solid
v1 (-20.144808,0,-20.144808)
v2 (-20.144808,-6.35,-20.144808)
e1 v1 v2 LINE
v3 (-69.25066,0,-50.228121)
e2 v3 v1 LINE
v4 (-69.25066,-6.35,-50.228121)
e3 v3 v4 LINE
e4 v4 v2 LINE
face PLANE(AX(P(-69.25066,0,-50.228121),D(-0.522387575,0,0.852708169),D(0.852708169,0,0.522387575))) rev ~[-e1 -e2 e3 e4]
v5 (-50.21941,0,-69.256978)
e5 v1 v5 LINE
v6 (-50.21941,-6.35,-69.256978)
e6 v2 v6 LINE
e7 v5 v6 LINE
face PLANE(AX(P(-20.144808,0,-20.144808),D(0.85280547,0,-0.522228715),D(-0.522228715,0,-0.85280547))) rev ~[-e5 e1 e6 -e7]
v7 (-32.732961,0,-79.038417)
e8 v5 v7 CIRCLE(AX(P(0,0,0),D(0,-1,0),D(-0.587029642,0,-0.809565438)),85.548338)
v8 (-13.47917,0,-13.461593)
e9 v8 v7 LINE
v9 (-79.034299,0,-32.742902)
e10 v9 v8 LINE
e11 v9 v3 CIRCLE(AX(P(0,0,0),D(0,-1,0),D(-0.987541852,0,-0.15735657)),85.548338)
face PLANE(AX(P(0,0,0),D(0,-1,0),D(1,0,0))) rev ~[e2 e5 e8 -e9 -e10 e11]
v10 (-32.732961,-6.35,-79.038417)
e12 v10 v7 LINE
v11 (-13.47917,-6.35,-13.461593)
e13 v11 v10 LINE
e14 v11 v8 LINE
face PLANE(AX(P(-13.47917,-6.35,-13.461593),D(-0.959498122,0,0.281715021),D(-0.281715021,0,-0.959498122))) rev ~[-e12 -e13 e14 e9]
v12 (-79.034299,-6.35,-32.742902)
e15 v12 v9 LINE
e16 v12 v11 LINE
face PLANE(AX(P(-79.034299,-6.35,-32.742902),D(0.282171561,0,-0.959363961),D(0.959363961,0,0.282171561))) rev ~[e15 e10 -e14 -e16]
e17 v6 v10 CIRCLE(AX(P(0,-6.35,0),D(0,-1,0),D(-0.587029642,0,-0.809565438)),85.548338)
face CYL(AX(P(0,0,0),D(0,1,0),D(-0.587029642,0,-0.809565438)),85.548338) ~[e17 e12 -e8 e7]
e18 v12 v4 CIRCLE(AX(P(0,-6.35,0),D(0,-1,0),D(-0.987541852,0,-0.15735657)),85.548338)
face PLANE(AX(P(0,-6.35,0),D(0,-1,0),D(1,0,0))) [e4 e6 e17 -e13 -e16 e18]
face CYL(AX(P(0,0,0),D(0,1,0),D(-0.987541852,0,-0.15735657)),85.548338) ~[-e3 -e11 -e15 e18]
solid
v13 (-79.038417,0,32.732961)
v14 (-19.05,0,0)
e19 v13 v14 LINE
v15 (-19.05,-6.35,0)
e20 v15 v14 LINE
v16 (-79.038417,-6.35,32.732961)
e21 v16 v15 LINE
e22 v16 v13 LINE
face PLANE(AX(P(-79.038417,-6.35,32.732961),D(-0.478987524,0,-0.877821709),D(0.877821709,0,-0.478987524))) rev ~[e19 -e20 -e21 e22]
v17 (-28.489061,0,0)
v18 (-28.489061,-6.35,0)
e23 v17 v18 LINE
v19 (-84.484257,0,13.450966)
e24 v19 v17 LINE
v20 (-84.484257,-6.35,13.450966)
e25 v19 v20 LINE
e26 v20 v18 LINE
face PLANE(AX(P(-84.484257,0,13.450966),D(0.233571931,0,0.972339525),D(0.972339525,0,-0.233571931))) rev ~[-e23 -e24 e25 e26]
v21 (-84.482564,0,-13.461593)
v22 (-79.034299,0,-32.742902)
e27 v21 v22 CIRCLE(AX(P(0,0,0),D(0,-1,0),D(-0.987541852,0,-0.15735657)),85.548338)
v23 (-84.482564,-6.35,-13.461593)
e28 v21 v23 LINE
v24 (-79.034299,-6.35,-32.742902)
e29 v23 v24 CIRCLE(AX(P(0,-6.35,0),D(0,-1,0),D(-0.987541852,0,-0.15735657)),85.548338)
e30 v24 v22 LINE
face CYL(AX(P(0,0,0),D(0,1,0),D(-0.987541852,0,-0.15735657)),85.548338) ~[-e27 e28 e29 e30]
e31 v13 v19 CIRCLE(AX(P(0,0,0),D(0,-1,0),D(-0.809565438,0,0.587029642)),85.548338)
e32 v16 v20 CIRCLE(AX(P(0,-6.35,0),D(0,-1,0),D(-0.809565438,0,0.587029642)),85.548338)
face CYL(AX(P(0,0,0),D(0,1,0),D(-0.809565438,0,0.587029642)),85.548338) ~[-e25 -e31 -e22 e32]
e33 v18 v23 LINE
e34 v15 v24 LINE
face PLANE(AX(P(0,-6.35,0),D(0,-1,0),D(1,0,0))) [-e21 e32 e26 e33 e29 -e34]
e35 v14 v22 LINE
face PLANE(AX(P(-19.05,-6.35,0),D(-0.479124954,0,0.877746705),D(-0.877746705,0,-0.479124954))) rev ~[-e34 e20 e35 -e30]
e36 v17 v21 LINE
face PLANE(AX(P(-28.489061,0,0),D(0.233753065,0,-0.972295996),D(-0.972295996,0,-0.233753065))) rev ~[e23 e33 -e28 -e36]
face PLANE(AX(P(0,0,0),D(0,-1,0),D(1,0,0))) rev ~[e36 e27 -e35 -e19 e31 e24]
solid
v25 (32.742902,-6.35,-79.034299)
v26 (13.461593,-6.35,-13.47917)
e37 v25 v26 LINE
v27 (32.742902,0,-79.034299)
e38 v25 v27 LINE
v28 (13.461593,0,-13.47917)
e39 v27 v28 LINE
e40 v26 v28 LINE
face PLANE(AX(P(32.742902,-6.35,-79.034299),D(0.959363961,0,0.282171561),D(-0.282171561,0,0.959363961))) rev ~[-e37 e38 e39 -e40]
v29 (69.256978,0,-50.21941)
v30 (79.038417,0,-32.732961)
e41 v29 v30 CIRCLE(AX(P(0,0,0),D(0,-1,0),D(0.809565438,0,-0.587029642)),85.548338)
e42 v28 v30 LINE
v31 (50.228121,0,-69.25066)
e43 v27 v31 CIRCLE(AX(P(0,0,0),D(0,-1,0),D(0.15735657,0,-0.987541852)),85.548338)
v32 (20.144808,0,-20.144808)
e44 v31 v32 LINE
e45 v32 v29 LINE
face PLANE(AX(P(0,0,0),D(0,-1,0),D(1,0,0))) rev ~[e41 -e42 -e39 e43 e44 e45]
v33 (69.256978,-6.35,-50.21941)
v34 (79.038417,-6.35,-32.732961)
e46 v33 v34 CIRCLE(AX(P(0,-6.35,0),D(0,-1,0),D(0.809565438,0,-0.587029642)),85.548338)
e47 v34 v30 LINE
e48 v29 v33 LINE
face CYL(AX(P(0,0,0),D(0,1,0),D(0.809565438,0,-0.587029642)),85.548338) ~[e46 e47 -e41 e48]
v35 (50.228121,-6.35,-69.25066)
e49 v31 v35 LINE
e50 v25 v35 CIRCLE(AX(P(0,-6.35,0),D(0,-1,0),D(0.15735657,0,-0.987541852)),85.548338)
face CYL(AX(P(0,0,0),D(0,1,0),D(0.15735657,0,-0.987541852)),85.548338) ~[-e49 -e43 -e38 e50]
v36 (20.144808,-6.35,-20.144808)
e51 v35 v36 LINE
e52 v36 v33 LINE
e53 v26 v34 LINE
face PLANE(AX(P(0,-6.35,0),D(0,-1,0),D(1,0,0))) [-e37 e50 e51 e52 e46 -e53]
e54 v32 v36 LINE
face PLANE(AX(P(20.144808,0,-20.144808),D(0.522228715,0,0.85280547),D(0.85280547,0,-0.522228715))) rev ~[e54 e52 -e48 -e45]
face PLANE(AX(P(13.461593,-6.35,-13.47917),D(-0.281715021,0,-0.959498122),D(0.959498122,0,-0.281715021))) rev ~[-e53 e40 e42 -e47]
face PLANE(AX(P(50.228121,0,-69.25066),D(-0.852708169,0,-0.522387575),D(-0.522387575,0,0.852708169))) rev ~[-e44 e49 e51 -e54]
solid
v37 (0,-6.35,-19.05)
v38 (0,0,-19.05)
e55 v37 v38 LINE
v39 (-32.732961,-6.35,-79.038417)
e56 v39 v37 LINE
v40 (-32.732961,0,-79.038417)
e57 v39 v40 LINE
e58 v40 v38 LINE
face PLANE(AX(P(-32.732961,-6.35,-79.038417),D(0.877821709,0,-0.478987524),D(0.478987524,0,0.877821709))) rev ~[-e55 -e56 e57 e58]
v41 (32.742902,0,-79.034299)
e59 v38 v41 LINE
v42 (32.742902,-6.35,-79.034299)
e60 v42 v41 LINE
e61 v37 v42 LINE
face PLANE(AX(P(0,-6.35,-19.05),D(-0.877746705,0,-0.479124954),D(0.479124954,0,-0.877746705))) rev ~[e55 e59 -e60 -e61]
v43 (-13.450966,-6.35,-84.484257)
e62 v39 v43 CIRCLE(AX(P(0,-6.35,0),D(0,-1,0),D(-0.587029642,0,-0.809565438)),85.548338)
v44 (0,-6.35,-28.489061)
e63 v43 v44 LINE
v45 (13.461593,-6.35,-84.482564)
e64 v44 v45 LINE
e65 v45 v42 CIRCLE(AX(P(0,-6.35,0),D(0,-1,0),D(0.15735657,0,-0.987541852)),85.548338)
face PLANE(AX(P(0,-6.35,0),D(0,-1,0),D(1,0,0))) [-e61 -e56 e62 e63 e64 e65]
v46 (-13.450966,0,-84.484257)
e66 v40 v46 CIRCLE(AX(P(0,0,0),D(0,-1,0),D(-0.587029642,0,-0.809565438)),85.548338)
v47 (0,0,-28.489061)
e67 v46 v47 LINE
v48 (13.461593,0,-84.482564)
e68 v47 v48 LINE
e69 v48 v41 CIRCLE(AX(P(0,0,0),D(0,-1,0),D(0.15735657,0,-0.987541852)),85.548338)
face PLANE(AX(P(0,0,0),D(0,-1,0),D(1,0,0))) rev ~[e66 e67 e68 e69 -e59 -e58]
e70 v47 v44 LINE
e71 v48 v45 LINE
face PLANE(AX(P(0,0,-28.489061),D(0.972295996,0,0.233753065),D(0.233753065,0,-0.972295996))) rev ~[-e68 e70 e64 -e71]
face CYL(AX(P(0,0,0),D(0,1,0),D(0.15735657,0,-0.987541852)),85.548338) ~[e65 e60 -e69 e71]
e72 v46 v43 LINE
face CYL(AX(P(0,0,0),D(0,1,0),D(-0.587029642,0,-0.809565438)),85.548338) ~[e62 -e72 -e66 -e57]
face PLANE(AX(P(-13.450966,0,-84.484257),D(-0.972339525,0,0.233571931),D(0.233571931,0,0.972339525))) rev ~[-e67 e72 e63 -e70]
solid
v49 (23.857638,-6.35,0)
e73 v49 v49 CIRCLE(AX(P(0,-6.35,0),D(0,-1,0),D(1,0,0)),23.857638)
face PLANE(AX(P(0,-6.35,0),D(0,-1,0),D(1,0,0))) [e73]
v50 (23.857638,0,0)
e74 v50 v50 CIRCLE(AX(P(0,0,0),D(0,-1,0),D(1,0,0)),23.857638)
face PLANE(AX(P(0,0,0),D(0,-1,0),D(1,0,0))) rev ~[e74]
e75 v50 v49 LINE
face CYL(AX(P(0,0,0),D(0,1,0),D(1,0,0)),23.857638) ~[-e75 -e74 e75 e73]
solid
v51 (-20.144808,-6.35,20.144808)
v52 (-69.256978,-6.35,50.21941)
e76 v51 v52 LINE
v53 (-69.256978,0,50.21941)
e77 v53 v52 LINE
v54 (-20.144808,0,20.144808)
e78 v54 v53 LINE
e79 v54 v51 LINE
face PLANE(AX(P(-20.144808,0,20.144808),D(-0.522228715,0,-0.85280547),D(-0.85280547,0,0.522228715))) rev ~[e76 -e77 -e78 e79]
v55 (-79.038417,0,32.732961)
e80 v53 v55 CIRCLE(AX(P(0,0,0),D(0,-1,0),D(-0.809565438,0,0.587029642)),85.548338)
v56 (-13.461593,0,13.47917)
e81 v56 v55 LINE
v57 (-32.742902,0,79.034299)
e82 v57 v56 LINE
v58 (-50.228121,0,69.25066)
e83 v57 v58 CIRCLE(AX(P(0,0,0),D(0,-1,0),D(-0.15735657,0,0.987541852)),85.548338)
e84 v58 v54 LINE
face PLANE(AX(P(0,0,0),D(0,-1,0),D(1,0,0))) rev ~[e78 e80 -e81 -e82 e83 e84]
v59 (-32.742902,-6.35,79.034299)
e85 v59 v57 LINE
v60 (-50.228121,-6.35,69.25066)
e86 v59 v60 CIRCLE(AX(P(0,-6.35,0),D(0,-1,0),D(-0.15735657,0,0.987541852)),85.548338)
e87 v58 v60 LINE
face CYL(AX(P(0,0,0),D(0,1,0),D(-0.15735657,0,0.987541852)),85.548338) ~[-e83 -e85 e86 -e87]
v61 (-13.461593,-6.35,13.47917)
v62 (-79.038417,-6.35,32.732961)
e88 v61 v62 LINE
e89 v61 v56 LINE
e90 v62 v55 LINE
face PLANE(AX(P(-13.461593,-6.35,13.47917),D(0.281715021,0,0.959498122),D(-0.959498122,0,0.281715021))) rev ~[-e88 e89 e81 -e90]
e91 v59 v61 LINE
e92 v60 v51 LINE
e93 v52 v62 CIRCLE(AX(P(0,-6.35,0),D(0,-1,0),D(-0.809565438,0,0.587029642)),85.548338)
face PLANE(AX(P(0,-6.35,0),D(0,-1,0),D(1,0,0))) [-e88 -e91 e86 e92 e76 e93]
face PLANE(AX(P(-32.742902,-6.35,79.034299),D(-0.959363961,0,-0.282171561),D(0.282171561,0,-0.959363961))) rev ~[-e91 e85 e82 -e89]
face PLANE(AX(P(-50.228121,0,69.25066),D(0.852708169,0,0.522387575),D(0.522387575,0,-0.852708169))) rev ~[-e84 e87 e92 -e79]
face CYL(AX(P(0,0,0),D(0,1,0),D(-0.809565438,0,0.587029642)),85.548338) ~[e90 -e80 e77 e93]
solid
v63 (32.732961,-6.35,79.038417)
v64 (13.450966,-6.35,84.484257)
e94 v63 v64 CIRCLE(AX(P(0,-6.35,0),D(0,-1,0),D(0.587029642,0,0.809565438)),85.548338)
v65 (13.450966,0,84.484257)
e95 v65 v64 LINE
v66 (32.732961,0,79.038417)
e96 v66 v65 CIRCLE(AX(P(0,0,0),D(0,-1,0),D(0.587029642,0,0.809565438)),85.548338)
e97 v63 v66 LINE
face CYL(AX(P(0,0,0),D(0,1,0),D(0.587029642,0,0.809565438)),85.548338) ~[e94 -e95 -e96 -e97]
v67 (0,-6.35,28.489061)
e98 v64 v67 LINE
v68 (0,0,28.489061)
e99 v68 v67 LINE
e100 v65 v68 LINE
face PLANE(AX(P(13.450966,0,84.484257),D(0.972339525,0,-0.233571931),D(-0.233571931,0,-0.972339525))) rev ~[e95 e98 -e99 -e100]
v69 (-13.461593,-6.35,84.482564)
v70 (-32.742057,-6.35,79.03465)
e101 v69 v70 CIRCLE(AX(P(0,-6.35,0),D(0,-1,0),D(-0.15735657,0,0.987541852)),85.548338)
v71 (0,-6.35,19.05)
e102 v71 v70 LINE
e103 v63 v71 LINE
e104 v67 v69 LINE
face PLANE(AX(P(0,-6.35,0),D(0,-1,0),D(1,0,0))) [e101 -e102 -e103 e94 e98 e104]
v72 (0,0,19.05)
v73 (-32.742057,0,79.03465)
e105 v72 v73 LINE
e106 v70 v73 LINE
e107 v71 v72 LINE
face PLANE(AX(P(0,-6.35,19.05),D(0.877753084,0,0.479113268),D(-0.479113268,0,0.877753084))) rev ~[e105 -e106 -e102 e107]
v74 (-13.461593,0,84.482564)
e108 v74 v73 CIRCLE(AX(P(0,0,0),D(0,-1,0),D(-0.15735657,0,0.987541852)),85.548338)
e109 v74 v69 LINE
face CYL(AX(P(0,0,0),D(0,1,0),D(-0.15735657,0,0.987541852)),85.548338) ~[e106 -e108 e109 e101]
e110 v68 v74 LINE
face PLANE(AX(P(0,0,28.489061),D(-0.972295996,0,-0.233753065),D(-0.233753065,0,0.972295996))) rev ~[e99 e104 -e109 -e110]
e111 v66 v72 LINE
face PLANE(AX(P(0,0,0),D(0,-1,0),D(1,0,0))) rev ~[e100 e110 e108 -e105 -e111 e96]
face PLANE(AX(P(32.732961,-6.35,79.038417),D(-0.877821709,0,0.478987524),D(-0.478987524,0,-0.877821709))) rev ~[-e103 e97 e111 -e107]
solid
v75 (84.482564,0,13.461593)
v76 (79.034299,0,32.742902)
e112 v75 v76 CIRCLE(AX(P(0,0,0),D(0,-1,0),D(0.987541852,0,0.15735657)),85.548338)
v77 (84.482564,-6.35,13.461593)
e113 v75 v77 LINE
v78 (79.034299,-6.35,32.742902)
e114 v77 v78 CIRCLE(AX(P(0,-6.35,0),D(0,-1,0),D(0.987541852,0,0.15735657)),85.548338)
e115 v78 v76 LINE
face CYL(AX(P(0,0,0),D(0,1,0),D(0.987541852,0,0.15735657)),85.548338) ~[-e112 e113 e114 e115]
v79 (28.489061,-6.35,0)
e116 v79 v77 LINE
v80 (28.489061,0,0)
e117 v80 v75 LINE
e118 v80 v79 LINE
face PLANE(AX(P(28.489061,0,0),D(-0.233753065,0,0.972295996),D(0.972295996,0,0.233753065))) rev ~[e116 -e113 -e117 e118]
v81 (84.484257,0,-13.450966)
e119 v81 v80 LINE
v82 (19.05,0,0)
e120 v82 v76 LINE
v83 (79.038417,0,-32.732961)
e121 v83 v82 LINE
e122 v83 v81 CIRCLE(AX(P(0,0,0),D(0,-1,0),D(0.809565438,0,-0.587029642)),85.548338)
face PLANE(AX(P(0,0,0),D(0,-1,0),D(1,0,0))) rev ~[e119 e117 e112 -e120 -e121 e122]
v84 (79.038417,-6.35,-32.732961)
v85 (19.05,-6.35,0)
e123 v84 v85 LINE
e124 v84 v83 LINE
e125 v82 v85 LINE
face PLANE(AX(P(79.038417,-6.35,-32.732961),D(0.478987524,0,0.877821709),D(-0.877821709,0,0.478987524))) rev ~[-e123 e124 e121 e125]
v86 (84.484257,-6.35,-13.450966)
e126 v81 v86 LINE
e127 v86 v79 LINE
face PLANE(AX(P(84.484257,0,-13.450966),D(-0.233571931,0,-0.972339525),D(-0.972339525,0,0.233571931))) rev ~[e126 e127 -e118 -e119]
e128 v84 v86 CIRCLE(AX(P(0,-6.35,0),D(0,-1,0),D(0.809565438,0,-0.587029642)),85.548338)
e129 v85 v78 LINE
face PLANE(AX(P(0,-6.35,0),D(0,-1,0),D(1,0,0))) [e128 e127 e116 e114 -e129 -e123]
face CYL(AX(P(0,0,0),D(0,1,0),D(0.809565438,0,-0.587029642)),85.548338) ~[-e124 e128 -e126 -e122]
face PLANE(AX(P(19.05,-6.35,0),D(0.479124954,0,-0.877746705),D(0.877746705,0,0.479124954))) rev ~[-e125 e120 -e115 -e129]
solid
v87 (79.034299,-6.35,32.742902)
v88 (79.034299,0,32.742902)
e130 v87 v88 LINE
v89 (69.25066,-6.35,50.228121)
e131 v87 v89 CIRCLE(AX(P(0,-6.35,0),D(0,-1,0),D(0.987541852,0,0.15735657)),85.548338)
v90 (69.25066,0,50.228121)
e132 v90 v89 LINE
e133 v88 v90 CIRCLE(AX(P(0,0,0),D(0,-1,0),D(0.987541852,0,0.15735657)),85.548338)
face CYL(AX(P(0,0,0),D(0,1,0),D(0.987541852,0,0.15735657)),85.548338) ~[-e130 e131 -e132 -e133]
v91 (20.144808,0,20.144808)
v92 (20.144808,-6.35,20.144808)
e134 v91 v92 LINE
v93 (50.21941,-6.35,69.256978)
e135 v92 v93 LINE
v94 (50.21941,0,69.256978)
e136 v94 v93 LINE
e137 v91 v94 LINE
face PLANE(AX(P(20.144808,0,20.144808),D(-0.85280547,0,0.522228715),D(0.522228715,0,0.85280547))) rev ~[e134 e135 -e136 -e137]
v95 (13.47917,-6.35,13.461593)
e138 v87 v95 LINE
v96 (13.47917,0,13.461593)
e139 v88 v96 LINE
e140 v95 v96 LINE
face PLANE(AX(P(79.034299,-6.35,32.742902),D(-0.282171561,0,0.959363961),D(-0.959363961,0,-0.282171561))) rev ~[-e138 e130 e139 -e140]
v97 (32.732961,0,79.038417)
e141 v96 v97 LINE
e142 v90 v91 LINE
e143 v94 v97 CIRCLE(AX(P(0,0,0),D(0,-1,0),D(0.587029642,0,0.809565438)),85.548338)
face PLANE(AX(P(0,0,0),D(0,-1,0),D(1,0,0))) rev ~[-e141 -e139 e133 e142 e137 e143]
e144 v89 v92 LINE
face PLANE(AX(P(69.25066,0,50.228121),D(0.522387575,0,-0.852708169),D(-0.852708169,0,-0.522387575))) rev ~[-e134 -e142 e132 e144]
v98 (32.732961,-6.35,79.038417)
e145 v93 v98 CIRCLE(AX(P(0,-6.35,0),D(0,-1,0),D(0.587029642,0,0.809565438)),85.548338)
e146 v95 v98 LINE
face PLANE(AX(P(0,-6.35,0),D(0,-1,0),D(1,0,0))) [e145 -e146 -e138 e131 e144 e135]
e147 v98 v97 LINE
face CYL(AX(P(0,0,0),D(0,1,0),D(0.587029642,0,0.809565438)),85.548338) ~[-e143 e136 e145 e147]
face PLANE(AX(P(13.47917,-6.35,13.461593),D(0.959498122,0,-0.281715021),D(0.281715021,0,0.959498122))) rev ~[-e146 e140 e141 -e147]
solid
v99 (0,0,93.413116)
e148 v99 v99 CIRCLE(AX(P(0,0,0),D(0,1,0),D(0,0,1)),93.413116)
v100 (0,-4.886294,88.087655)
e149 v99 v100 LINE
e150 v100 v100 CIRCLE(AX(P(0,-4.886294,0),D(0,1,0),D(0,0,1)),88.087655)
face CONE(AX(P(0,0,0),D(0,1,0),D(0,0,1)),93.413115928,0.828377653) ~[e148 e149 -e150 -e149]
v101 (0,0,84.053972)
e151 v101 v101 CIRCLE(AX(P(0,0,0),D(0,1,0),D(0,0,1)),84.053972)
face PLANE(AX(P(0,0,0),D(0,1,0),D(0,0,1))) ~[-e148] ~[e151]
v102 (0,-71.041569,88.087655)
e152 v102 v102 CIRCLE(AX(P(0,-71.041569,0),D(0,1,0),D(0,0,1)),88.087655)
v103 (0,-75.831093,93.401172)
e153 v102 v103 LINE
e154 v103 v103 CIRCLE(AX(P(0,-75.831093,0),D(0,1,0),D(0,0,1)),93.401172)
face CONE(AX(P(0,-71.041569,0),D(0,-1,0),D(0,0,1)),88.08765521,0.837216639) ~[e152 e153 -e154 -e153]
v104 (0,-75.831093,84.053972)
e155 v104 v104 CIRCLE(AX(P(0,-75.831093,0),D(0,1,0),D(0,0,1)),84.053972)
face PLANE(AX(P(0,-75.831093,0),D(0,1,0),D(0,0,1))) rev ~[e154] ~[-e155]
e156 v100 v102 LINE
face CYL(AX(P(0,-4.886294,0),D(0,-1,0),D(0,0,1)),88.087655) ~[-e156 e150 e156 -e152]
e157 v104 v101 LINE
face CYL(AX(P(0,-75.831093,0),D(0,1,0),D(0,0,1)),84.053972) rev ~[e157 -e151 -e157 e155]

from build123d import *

# Parameters (mm, degrees)
F0_R     = 19.05
F1_DEPTH = 6.35
F3_DEPTH = 25.4
F4_R     = 23.857637564
F5_DEPTH = 6.35


with BuildPart() as f1:
    # F0 (on Front) → F1 (new body)
    with BuildSketch(Plane.XZ):
        with BuildLine():
            Line((13.4509662166, 84.484256804), (0, 28.4890606999))
            Line((0, 28.4890606999), (-13.4615930724, 84.4825641883))
            ThreePointArc((-13.4615930724, 84.4825641883), (-32.7429024117, 79.0342993993), (-50.2281214643, 69.2506603149))
            Line((-50.2281214643, 69.2506603149), (-20.1448080106, 20.1448080106))
            Line((-20.1448080106, 20.1448080106), (-69.2569777767, 50.2194102825))
            ThreePointArc((-69.2569777767, 50.2194102825), (-79.0384173826, 32.7329607205), (-84.484256804, 13.4509662166))
            Line((-84.484256804, 13.4509662166), (-28.4890606999, 0))
            Line((-28.4890606999, 0), (-84.4825641883, -13.4615930724))
            ThreePointArc((-84.4825641883, -13.4615930724), (-79.0342993993, -32.7429024117), (-69.2506603149, -50.2281214643))
            Line((-69.2506603149, -50.2281214643), (-20.1448080106, -20.1448080106))
            Line((-20.1448080106, -20.1448080106), (-50.2194102825, -69.2569777767))
            ThreePointArc((-50.2194102825, -69.2569777767), (-32.7329607205, -79.0384173826), (-13.4509662166, -84.484256804))
            Line((-13.4509662166, -84.484256804), (0, -28.4890606999))
            Line((0, -28.4890606999), (13.4615930724, -84.4825641883))
            ThreePointArc((13.4615930724, -84.4825641883), (32.7429024117, -79.0342993993), (50.2281214643, -69.2506603149))
            Line((50.2281214643, -69.2506603149), (20.1448080106, -20.1448080106))
            Line((20.1448080106, -20.1448080106), (69.2569777767, -50.2194102825))
            ThreePointArc((69.2569777767, -50.2194102825), (79.0384173826, -32.7329607205), (84.484256804, -13.4509662166))
            Line((84.484256804, -13.4509662166), (28.4890606999, 0))
            Line((28.4890606999, 0), (84.4825641883, 13.4615930724))
            ThreePointArc((84.4825641883, 13.4615930724), (79.0342993993, 32.7429024117), (69.2506603149, 50.2281214643))
            Line((69.2506603149, 50.2281214643), (20.1448080106, 20.1448080106))
            Line((20.1448080106, 20.1448080106), (50.2194102825, 69.2569777767))
            ThreePointArc((50.2194102825, 69.2569777767), (32.7329607205, 79.0384173826), (13.4509662166, 84.484256804))
        make_face()
        Circle(F0_R, mode=Mode.SUBTRACT)
    extrude(amount=F1_DEPTH)

    # F2 (on face) → F3 (cut)
    with BuildSketch(Plane.XZ.offset(6.35)):
        with BuildLine():
            Line((79.0342993993, 32.7429024117), (13.4791695573, 13.4615930724))
            ThreePointArc((13.4791695573, 13.4615930724), (17.6022822393, 7.2843778023), (19.05, 0))
            Line((19.05, 0), (79.0342993993, 32.7429024117))
        make_face()
        with BuildLine():
            Line((32.7329607205, 79.0384173826), (0, 19.05))
            ThreePointArc((0, 19.05), (7.295860195, 17.5975260765), (13.4791695573, 13.4615930724))
            Line((13.4791695573, 13.4615930724), (32.7329607205, 79.0384173826))
        make_face()
        with BuildLine():
            ThreePointArc((-13.4615930724, 13.4791695573), (-7.2843778023, 17.6022822393), (0, 19.05))
            Line((0, 19.05), (-32.7420570158, 79.0346496308))
            ThreePointArc((-32.7420570158, 79.0346496308), (-32.7424797142, 79.0344745162), (-32.7429024117, 79.0342993993))
            Line((-32.7429024117, 79.0342993993), (-13.4615930724, 13.4791695573))
        make_face()
        with BuildLine():
            ThreePointArc((-19.05, 0), (-17.5975260765, 7.295860195), (-13.4615930724, 13.4791695573))
            Line((-13.4615930724, 13.4791695573), (-79.0384173826, 32.7329607205))
            Line((-79.0384173826, 32.7329607205), (-19.05, 0))
        make_face()
        with BuildLine():
            ThreePointArc((-13.4791695573, -13.4615930724), (-17.6022822393, -7.2843778023), (-19.05, 0))
            Line((-19.05, 0), (-79.0342993993, -32.7429024117))
            Line((-79.0342993993, -32.7429024117), (-13.4791695573, -13.4615930724))
        make_face()
        with BuildLine():
            ThreePointArc((0, -19.05), (-7.295860195, -17.5975260765), (-13.4791695573, -13.4615930724))
            Line((-13.4791695573, -13.4615930724), (-32.7329607205, -79.0384173826))
            Line((-32.7329607205, -79.0384173826), (0, -19.05))
        make_face()
        with BuildLine():
            Line((32.7429024117, -79.0342993993), (13.4615930724, -13.4791695573))
            ThreePointArc((13.4615930724, -13.4791695573), (7.2843778023, -17.6022822393), (0, -19.05))
            Line((0, -19.05), (32.7429024117, -79.0342993993))
        make_face()
        with BuildLine():
            Line((79.0384173826, -32.7329607205), (19.05, 0))
            ThreePointArc((19.05, 0), (17.5975260765, -7.295860195), (13.4615930724, -13.4791695573))
            Line((13.4615930724, -13.4791695573), (79.0384173826, -32.7329607205))
        make_face()
    extrude(amount=-F3_DEPTH, mode=Mode.SUBTRACT)


with BuildPart() as f5:
    # F4 (on Front) → F5 (new body)
    with BuildSketch(Plane.XZ):
        Circle(F4_R)
    extrude(amount=F5_DEPTH)


with BuildPart() as f8:
    # F6 (on Right) → F8 (revolve)
    with BuildSketch(Plane.YZ):
        Polygon((0, 84.0539722534), (0, 93.4131159278), (-4.8862942494, 88.0876552102), (-71.0415691137, 88.0876552102), (-75.8310928941, 93.4011722534), (-75.8310928941, 84.0539722534), align=None)
    revolve(axis=Axis((0, 40.0305017829, 0), (0, 1, 0)))


solid = Compound([f1.part, f5.part, f8.part])
